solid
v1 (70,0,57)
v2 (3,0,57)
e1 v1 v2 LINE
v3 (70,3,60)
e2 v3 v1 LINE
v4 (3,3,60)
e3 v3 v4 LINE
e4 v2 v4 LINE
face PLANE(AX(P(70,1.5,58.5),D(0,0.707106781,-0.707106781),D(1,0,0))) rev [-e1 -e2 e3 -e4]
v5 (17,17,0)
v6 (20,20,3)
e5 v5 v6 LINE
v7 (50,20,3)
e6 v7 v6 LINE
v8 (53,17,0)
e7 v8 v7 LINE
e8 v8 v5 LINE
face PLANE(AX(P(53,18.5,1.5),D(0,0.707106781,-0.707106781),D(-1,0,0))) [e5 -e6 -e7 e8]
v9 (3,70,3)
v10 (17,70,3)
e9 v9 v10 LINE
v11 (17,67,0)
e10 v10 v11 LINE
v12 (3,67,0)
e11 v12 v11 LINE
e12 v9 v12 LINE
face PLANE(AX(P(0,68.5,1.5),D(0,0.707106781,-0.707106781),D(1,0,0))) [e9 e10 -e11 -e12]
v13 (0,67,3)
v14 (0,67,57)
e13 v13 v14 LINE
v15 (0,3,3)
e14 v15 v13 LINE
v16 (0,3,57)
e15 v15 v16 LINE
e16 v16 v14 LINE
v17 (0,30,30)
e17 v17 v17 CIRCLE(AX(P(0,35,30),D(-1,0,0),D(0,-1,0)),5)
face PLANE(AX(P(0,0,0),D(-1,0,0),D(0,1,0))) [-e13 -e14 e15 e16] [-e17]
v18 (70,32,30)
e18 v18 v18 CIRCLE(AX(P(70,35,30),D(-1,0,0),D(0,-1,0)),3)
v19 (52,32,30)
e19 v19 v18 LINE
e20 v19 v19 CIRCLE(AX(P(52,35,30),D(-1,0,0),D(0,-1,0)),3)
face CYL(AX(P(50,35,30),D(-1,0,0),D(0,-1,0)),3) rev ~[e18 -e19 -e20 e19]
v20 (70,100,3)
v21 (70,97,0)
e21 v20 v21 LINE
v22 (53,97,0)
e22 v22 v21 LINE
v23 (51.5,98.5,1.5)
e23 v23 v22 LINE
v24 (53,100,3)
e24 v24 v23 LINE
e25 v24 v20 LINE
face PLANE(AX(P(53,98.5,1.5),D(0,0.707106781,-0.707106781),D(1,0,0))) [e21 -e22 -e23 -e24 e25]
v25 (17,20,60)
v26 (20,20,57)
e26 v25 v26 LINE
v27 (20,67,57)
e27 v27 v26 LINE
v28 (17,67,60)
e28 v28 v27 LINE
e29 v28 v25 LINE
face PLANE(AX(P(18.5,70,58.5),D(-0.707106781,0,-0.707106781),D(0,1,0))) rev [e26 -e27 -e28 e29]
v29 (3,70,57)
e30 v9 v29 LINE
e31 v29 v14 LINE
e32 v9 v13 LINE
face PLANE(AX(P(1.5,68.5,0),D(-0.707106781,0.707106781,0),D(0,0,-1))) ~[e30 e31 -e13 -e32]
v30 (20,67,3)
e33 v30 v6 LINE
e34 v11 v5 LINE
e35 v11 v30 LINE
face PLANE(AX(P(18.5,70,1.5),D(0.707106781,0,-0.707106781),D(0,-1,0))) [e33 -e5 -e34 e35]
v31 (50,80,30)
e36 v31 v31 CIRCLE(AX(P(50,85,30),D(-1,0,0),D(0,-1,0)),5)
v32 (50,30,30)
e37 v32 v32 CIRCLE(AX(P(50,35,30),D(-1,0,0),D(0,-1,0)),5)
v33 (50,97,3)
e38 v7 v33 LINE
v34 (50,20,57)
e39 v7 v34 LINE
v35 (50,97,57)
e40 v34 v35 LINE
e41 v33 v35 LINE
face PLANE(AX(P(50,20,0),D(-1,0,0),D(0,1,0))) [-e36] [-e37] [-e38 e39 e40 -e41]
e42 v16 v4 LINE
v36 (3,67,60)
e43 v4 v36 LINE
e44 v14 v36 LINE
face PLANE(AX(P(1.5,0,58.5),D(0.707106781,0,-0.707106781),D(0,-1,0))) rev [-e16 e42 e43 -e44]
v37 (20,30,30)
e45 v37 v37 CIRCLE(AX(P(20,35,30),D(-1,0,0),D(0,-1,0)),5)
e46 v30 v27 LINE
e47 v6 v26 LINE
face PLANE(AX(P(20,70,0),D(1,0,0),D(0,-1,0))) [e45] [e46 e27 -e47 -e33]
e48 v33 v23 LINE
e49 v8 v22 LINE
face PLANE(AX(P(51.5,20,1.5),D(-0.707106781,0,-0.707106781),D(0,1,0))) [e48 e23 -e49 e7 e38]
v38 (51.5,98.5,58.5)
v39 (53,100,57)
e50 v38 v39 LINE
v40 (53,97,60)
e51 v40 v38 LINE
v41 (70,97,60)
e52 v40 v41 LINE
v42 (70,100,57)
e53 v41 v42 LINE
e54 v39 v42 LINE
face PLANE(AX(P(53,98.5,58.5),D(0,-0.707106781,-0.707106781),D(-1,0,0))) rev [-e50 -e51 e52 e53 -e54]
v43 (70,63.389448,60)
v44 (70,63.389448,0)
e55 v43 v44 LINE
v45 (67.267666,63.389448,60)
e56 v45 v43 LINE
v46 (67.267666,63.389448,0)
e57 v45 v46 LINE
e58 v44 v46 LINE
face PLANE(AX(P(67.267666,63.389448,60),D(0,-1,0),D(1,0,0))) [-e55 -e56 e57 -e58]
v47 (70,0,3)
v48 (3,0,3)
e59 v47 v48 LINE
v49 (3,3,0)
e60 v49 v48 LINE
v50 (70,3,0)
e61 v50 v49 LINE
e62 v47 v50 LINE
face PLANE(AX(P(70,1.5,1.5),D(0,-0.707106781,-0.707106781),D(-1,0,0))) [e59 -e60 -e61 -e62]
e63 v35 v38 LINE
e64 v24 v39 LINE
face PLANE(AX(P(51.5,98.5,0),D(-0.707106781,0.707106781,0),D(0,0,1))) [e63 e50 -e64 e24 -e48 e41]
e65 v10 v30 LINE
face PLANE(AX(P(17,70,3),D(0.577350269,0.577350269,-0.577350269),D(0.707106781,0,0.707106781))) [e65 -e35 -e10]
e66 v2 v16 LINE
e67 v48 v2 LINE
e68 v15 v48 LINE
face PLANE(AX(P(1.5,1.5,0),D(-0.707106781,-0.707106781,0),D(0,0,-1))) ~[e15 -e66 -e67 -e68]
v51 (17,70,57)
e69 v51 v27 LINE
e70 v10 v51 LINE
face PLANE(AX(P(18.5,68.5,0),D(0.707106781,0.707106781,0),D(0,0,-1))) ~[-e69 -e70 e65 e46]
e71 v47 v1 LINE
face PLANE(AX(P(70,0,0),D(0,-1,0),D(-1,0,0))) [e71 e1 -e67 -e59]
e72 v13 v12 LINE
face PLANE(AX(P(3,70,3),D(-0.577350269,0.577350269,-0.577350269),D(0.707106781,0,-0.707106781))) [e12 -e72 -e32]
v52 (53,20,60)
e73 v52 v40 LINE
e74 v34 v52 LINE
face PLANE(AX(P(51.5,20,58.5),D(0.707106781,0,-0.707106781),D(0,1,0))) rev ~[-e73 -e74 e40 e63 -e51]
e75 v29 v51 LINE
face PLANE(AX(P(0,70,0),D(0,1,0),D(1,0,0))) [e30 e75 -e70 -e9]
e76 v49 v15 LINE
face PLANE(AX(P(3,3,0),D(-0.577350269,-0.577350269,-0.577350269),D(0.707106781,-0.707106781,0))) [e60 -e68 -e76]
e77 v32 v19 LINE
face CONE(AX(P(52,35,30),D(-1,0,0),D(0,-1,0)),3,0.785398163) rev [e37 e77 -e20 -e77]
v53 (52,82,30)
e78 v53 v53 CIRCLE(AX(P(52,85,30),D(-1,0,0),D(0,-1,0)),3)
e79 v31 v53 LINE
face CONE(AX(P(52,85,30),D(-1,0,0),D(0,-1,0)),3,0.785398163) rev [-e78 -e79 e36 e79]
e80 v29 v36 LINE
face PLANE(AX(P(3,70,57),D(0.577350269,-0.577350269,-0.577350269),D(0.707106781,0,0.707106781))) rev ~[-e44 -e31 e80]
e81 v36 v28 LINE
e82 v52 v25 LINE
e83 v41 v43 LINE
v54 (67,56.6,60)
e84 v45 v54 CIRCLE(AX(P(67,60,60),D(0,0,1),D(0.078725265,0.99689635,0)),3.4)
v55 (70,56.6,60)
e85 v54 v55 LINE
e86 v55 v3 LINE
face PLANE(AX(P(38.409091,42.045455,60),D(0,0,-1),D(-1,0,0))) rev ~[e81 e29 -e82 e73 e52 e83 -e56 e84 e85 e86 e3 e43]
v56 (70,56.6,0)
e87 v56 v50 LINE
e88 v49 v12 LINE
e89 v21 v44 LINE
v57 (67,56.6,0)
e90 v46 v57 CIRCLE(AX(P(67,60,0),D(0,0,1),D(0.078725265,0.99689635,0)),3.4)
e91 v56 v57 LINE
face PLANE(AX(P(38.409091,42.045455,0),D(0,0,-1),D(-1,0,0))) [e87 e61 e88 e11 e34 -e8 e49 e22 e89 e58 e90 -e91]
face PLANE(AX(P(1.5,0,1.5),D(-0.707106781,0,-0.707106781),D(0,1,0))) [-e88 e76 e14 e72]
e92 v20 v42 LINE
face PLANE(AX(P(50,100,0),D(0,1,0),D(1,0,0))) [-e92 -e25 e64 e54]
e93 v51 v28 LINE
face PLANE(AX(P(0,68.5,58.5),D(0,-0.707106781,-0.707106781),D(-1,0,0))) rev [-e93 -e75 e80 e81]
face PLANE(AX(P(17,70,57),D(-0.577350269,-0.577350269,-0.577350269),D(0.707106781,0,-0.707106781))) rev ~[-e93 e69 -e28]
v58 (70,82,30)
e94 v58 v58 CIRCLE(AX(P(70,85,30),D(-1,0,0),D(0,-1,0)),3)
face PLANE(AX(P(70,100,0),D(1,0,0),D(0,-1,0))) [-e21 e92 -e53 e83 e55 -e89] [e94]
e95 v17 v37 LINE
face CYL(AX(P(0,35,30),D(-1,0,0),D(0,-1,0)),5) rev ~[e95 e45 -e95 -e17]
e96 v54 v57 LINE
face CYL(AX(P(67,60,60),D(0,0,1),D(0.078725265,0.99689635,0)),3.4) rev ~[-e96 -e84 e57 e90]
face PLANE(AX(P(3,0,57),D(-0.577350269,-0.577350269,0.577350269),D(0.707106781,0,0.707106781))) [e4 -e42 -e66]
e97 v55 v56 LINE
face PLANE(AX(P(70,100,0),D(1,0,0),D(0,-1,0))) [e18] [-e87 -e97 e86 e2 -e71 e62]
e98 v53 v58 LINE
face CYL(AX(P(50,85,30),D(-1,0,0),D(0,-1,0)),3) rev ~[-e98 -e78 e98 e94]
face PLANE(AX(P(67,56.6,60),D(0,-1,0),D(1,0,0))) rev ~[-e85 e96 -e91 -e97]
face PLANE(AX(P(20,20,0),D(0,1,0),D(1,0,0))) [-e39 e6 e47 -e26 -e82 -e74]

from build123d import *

# Parameters (mm, degrees)
PAD_DEPTH       = 60
POCKET_DEPTH    = 60.001
SKETCH002_R     = 3
POCKET001_DEPTH = 20.001
CHAMFER_SIZE    = 2
CHAMFER001_SIZE = 2
CHAMFER002_SIZE = 3
CHAMFER003_SIZE = 3
SKETCH003_R     = 5
POCKET002_DEPTH = 20


with BuildPart() as part:
    # Sketch → Pad (new body)
    with BuildSketch(Plane.XY):
        Polygon((0, 70), (20, 70), (20, 20), (50, 20), (50, 100), (70, 100), (70, 0), (0, 0), align=None)
    extrude(amount=PAD_DEPTH)

    # Sketch001 (on DatumPlane) → Pocket (cut, through all)
    with BuildSketch(Plane.XY.offset(60)):
        with BuildLine():
            ThreePointArc((67.267666, 63.389448), (63.602639, 60.133937), (67, 56.6))
            Line((67, 56.6), (70, 56.6))
            Line((70, 63.389448), (70, 56.6))
            Line((67.267666, 63.389448), (70, 63.389448))
        make_face()
    extrude(amount=-POCKET_DEPTH, mode=Mode.SUBTRACT)

    # Sketch002 (on Face14 of Pocket) → Pocket001 (cut, through all)
    with BuildSketch(Plane(origin=(50, 0, 0), x_dir=(0, -1, 0), z_dir=(-1, 0, 0))):
        with Locations((-85, 30)):
            Circle(SKETCH002_R)
        with Locations((-35, 30)):
            Circle(SKETCH002_R)
    extrude(amount=-POCKET001_DEPTH, mode=Mode.SUBTRACT)

    # Chamfer
    chamfer_edges = [part.edges().sort_by_distance(p)[0] for p in [
        (50, 88, 30),
    ]]
    chamfer(chamfer_edges, length=CHAMFER_SIZE)

    # Chamfer001
    chamfer001_edges = [part.edges().sort_by_distance(p)[0] for p in [
        (50, 38, 30),
    ]]
    chamfer(chamfer001_edges, length=CHAMFER001_SIZE)

    # Chamfer002
    chamfer002_edges = [part.edges().sort_by_distance(p)[0] for p in [
        (50, 100, 30),
        (50, 60, 0),
        (50, 60, 60),
    ]]
    chamfer(chamfer002_edges, length=CHAMFER002_SIZE)

    # Chamfer003
    chamfer003_edges = [part.edges().sort_by_distance(p)[0] for p in [
        (0, 35, 60),
        (0, 0, 30),
        (0, 35, 0),
        (0, 70, 30),
        (35, 0, 60),
        (35, 0, 0),
        (20, 45, 60),
        (10, 70, 60),
        (35, 20, 0),
        (20, 45, 0),
        (10, 70, 0),
        (20, 70, 30),
        (61.5, 100, 0),
        (61.5, 100, 60),
    ]]
    chamfer(chamfer003_edges, length=CHAMFER003_SIZE)

    # Sketch003 (on DatumPlane) → Pocket002 (cut)
    with BuildSketch(Plane(origin=(0, 0, 0), x_dir=(0, -1, 0), z_dir=(-1, 0, 0))):
        with Locations((-35, 30)):
            Circle(SKETCH003_R)
    extrude(amount=-POCKET002_DEPTH, mode=Mode.SUBTRACT)


solid = part.part
